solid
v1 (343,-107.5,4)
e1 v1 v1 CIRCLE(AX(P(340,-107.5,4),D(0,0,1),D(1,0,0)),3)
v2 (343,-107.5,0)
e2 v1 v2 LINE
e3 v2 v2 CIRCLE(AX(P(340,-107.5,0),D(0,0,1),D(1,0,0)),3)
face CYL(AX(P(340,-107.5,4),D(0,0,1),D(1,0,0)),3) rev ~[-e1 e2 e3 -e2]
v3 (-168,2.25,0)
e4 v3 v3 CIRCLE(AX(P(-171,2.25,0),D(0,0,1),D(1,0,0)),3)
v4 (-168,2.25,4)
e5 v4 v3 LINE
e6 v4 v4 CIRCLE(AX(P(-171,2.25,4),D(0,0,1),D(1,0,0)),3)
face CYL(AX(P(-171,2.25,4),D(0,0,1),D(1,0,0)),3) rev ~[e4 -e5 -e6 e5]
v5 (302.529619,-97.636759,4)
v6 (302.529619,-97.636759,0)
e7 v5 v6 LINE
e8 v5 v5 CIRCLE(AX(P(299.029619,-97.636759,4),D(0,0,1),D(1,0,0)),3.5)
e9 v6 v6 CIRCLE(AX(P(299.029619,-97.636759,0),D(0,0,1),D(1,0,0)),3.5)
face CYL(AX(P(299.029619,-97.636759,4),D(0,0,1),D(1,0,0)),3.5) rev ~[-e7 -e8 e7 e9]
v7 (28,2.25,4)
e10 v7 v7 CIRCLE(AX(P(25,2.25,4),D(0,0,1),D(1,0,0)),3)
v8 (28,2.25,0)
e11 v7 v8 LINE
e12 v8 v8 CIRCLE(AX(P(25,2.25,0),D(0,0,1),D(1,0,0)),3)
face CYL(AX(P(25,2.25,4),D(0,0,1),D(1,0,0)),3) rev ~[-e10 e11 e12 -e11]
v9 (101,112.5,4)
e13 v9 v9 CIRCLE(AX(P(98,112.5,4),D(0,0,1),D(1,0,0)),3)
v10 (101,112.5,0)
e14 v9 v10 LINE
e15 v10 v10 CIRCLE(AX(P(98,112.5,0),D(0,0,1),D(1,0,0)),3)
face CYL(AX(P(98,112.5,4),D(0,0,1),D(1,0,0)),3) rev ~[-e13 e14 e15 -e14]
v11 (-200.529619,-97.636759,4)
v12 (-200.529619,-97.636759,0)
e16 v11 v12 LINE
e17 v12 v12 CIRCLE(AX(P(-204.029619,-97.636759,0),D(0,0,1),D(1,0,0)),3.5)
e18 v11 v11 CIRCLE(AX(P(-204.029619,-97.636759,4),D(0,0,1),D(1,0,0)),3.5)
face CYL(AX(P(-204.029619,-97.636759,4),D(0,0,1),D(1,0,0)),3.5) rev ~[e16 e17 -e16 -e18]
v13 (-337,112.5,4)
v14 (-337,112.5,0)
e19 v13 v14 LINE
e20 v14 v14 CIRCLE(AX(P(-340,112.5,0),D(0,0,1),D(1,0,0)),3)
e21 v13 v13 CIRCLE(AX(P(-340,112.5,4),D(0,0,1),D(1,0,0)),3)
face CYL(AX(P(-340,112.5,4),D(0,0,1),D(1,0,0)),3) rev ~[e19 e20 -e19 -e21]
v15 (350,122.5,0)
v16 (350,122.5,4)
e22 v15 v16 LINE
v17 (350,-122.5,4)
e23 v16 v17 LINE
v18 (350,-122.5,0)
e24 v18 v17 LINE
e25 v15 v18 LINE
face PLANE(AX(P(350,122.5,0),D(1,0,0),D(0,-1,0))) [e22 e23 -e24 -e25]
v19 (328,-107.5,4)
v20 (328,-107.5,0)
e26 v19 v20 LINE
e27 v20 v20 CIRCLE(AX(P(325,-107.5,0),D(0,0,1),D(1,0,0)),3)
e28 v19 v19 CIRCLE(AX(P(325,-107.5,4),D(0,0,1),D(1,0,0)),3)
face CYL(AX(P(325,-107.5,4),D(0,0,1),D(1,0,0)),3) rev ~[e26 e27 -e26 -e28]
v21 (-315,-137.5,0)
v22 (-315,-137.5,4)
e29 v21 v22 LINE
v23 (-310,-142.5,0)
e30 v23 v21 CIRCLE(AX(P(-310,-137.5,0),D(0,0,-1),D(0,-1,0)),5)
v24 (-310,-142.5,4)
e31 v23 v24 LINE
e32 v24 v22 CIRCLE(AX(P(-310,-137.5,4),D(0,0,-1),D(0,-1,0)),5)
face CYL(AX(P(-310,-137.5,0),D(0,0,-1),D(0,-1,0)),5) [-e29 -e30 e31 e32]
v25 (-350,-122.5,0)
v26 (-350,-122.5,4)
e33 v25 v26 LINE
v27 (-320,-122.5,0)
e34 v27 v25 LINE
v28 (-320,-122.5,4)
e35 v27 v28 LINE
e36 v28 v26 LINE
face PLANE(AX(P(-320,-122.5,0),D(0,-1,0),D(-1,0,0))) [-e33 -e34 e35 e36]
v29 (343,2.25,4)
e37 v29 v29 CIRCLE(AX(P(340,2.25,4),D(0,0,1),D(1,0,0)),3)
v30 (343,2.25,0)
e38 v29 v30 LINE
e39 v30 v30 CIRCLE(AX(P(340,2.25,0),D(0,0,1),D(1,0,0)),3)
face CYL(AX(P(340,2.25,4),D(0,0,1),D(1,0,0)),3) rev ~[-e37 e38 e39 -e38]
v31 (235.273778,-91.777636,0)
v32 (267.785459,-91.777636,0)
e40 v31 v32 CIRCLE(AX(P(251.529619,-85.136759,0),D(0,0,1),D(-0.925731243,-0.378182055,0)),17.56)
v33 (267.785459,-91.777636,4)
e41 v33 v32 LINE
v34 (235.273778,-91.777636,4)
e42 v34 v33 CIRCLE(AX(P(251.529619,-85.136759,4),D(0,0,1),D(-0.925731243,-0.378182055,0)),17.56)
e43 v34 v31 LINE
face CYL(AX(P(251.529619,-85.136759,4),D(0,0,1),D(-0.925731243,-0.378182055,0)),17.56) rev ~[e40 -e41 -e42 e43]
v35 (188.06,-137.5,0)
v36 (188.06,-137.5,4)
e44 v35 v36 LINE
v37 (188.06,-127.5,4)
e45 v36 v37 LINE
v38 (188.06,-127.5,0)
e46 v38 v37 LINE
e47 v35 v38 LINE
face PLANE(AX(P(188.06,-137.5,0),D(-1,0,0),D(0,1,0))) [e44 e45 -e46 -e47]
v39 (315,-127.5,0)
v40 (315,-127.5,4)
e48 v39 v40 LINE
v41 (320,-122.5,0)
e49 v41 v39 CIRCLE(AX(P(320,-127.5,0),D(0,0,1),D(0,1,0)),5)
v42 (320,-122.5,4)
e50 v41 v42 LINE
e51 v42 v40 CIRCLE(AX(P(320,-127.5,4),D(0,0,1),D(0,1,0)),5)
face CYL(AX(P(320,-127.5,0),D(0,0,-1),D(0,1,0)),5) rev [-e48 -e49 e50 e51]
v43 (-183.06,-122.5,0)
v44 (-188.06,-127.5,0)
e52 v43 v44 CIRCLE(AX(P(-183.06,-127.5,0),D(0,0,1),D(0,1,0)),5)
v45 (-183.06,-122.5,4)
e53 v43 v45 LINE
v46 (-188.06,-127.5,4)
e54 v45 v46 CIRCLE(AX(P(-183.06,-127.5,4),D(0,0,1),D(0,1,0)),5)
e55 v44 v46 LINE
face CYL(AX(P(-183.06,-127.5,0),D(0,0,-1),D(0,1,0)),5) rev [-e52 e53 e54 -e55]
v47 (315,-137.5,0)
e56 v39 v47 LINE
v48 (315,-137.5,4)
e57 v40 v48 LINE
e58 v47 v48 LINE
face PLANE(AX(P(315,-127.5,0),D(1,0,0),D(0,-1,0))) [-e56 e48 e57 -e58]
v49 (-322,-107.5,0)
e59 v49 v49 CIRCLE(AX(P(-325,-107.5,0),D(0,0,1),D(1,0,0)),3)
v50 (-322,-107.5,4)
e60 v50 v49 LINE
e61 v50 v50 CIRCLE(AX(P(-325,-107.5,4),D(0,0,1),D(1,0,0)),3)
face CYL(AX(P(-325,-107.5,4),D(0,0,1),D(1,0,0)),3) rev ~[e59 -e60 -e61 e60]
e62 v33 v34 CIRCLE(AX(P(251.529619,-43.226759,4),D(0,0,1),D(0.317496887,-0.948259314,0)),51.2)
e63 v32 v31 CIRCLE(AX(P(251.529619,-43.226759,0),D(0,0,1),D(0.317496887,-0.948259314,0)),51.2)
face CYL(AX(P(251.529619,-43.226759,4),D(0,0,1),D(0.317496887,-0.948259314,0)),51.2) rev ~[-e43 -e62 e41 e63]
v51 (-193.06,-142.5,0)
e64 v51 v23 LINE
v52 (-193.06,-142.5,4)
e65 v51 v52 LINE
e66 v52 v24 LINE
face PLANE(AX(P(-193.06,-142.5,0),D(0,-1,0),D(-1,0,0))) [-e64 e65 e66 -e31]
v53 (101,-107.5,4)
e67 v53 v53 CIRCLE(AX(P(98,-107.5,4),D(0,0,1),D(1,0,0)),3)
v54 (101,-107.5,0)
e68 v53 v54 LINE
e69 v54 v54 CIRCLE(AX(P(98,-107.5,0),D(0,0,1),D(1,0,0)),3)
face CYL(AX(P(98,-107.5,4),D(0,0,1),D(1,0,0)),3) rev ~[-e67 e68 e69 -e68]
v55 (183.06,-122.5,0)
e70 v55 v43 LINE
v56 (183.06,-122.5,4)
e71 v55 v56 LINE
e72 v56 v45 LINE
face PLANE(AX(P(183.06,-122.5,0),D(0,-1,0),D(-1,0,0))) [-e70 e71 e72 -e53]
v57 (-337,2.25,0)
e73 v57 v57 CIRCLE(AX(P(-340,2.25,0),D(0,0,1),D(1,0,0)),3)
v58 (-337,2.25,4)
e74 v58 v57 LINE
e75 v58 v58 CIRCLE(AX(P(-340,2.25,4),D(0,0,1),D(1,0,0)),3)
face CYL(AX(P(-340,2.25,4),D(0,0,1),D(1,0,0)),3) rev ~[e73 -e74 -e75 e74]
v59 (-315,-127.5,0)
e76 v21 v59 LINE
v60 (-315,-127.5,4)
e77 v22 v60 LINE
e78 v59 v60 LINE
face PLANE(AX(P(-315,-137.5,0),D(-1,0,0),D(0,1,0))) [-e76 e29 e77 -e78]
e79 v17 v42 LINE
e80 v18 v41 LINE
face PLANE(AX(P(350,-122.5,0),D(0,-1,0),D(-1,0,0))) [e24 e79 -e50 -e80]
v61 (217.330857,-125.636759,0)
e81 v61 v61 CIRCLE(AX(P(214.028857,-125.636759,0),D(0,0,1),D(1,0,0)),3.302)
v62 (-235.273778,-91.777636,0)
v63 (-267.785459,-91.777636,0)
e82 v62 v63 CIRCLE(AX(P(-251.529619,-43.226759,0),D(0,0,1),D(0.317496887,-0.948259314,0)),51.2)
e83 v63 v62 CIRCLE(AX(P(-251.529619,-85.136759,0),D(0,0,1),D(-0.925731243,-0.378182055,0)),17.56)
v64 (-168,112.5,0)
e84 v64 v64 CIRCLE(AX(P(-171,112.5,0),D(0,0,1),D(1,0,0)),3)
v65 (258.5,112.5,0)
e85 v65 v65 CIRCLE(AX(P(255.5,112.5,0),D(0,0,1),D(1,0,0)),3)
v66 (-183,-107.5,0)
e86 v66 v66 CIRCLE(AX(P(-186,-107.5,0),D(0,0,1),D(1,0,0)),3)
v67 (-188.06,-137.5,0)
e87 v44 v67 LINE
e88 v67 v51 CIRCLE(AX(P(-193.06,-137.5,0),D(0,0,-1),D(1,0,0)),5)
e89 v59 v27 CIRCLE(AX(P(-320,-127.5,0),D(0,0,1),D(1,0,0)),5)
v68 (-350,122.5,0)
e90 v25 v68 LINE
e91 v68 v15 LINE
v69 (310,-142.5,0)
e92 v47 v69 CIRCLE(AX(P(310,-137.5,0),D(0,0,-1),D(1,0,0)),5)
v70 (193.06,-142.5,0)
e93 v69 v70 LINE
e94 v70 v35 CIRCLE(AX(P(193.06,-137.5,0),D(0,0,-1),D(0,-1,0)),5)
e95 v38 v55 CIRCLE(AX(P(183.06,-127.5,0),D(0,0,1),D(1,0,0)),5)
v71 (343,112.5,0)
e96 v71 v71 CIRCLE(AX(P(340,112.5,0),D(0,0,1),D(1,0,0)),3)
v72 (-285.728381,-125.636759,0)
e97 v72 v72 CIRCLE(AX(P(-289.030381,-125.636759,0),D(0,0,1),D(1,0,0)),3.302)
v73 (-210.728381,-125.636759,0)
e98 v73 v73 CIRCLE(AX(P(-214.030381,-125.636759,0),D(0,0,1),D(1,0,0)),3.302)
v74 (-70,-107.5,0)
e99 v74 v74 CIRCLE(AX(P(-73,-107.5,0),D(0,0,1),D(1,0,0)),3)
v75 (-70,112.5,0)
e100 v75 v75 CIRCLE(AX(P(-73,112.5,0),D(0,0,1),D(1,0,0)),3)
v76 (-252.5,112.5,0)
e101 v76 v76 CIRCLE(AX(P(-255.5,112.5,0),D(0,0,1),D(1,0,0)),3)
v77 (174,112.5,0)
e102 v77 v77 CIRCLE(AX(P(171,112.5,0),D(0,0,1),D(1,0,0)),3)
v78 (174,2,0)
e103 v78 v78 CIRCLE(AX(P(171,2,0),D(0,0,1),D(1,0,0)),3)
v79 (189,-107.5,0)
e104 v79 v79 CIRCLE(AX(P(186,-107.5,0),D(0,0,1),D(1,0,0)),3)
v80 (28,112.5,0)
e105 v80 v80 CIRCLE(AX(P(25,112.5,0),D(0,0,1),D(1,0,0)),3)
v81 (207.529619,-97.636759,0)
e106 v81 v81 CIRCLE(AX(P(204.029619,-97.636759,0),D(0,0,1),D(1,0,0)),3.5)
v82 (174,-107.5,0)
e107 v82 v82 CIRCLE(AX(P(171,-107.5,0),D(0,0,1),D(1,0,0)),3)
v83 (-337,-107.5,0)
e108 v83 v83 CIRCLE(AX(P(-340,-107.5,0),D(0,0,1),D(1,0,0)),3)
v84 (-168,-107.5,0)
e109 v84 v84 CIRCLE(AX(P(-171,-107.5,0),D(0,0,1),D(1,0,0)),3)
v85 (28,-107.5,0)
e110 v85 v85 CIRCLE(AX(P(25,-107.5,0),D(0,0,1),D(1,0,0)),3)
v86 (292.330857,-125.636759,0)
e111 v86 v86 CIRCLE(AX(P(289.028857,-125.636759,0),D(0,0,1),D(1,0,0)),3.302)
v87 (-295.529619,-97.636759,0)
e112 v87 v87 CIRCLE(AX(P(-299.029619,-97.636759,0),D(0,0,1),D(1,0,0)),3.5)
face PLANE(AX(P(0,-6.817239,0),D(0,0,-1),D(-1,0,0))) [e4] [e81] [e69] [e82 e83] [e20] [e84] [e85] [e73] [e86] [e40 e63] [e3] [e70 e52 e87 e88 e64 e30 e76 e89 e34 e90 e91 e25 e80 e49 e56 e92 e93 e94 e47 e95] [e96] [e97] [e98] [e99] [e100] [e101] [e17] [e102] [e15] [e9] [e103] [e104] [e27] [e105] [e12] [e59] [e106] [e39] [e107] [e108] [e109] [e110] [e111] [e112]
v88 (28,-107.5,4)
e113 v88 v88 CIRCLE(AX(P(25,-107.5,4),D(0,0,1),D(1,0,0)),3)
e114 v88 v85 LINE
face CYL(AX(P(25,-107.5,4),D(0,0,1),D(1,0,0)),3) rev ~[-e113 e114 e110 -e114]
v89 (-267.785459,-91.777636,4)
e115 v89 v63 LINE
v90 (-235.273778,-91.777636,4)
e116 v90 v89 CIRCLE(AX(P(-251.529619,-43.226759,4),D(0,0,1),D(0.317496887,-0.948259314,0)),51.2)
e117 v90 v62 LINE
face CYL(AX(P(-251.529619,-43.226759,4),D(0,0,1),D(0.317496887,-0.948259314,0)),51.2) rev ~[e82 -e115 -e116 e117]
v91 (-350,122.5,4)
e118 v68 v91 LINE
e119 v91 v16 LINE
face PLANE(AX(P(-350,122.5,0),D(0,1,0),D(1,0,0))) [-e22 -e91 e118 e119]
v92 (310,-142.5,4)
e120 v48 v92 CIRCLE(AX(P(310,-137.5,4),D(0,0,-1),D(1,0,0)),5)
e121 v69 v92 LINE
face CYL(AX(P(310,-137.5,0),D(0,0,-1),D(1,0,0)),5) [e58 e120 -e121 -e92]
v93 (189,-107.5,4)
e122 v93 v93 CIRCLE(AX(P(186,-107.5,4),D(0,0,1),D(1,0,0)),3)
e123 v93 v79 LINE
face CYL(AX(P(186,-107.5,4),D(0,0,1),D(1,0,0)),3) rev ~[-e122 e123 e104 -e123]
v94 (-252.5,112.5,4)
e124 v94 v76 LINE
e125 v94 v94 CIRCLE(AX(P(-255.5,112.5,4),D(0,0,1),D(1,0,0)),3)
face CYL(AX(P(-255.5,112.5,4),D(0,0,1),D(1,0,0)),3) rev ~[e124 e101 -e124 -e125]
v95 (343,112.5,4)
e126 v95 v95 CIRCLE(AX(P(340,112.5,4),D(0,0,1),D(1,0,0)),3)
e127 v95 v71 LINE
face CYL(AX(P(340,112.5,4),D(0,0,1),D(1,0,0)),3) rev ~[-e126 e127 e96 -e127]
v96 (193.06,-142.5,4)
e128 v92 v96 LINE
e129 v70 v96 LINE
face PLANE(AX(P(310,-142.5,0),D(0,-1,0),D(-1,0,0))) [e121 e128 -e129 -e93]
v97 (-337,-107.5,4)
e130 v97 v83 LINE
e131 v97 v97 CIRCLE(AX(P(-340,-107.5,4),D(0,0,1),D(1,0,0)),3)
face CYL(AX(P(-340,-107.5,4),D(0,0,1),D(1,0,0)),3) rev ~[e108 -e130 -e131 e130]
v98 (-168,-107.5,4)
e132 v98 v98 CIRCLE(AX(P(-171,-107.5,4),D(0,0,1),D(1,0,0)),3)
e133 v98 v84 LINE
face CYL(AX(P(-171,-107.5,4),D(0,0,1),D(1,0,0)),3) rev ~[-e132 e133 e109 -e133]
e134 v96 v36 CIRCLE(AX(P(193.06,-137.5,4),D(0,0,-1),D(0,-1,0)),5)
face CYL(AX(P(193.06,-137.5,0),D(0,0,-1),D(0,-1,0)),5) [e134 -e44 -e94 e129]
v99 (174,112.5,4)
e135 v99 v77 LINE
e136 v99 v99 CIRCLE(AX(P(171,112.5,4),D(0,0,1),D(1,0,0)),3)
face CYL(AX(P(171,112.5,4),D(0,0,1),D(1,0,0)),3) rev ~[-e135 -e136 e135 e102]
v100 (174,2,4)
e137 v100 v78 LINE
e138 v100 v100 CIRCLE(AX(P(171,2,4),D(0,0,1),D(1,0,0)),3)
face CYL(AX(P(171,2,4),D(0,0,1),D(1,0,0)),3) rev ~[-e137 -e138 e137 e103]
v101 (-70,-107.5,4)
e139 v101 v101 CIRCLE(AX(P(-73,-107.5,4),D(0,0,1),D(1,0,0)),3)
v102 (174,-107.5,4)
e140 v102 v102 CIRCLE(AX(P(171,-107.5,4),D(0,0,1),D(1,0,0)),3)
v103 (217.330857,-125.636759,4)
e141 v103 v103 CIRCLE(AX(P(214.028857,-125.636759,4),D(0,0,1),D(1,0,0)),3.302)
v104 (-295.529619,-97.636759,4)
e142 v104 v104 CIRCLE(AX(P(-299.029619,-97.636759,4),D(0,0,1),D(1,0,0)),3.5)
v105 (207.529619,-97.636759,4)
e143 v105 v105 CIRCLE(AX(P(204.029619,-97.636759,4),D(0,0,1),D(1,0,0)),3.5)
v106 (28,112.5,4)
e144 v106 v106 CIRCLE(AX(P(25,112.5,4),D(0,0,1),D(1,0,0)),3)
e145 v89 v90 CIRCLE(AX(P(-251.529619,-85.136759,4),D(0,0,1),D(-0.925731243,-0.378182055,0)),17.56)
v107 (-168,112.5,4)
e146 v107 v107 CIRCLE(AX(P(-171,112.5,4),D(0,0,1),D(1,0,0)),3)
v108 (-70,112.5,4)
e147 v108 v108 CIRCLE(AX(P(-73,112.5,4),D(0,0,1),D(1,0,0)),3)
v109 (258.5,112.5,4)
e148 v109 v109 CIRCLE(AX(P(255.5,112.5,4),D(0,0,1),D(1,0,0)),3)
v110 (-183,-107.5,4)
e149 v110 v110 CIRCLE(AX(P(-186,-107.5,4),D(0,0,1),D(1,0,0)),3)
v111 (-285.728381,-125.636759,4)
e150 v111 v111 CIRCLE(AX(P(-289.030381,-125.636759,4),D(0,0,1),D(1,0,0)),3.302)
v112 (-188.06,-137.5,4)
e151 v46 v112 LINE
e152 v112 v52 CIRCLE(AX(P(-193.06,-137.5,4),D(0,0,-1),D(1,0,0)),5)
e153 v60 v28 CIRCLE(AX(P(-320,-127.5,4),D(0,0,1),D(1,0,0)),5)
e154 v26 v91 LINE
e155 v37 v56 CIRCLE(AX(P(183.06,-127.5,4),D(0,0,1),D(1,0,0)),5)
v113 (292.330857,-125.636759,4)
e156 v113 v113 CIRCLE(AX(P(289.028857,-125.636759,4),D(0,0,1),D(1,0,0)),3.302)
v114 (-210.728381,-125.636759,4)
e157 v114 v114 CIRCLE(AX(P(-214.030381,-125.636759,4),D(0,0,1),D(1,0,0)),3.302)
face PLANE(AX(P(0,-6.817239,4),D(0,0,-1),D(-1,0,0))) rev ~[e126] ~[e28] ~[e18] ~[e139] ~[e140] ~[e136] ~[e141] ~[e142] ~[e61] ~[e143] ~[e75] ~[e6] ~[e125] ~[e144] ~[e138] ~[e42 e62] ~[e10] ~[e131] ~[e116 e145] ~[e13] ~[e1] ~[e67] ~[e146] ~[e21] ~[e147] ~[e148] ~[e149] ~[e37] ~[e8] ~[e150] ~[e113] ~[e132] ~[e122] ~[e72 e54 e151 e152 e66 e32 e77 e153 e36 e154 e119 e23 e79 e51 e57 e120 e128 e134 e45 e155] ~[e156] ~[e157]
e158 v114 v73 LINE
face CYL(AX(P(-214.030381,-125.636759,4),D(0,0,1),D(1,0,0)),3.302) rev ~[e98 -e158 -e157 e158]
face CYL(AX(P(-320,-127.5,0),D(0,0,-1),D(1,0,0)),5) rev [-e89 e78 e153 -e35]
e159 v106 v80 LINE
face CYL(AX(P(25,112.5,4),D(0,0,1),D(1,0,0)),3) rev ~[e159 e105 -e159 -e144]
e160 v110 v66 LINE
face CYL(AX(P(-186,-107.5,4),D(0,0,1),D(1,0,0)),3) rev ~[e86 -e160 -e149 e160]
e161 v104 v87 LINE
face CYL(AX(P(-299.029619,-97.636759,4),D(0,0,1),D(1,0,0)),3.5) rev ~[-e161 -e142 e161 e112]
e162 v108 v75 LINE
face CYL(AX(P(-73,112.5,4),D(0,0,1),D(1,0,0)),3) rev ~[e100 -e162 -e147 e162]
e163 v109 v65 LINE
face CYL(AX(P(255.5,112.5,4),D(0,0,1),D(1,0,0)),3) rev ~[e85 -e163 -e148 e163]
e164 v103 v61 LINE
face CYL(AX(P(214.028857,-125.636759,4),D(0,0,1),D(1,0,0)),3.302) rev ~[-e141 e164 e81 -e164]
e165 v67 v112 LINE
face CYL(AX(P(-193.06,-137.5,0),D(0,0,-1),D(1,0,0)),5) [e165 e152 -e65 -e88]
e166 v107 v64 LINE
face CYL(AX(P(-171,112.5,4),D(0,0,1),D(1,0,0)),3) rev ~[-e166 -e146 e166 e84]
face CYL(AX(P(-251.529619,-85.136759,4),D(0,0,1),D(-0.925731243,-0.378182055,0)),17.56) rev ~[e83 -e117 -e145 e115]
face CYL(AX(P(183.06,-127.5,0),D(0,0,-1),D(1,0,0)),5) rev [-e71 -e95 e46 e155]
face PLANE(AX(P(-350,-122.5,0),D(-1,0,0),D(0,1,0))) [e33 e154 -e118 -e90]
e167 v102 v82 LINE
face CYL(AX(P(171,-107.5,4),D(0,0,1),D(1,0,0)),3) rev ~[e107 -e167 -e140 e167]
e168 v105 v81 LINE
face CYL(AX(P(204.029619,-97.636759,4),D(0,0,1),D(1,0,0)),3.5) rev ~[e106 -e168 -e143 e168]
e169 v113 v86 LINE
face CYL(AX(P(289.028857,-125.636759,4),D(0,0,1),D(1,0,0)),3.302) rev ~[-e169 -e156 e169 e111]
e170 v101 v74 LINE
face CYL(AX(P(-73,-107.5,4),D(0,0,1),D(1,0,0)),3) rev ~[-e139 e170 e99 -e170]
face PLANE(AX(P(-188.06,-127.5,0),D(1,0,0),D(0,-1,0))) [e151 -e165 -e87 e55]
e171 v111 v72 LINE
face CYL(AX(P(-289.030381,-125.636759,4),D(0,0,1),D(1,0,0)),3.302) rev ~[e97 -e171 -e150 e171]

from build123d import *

# Parameters (mm, degrees)
BOSS_EXTRUDE1_DEPTH = 4
SKETCH2_R           = 3.5
SKETCH2_R_2         = 3.302
CUT_EXTRUDE1_DEPTH  = 378.918311279
SKETCH5_R           = 3
CUT_EXTRUDE2_DEPTH  = 378.918311279


with BuildPart() as part:
    # Sketch1 → Boss-Extrude1 (new body)
    with BuildSketch(Plane.XY):
        with BuildLine():
            Line((-350, 122.5), (350, 122.5))
            Line((350, 122.5), (350, -122.5))
            Line((350, -122.5), (320, -122.5))
            ThreePointArc((320, -122.5), (316.464466094, -123.964466094), (315, -127.5))
            Line((315, -127.5), (315, -137.5))
            ThreePointArc((315, -137.5), (313.535533906, -141.035533906), (310, -142.5))
            Line((310, -142.5), (193.06, -142.5))
            ThreePointArc((193.06, -142.5), (189.524466094, -141.035533906), (188.06, -137.5))
            Line((188.06, -137.5), (188.06, -127.5))
            ThreePointArc((188.06, -127.5), (186.595533906, -123.964466094), (183.06, -122.5))
            Line((183.06, -122.5), (-183.06, -122.5))
            ThreePointArc((-183.06, -122.5), (-186.595533906, -123.964466094), (-188.06, -127.5))
            Line((-188.06, -127.5), (-188.06, -137.5))
            ThreePointArc((-188.06, -137.5), (-189.524466094, -141.035533906), (-193.06, -142.5))
            Line((-193.06, -142.5), (-310, -142.5))
            ThreePointArc((-310, -142.5), (-313.535533906, -141.035533906), (-315, -137.5))
            Line((-315, -137.5), (-315, -127.5))
            ThreePointArc((-315, -127.5), (-316.464466094, -123.964466094), (-320, -122.5))
            Line((-320, -122.5), (-350, -122.5))
            Line((-350, -122.5), (-350, 122.5))
        make_face()
    extrude(amount=BOSS_EXTRUDE1_DEPTH)

    # Sketch2 → Cut-Extrude1 (cut, through all)
    with BuildSketch(Plane.XY.offset(4)):
        with Locations((-299.029618848, -97.636758765)):
            Circle(SKETCH2_R)
        with Locations((-204.029618848, -97.636758765)):
            Circle(SKETCH2_R)
        with Locations((-289.030381152, -125.636758765)):
            Circle(SKETCH2_R_2)
        with Locations((-214.030381152, -125.636758765)):
            Circle(SKETCH2_R_2)
        with Locations((204.02961885, -97.636758765)):
            Circle(SKETCH2_R)
        with Locations((299.02961885, -97.636758765)):
            Circle(SKETCH2_R)
        with Locations((214.028856546, -125.636758765)):
            Circle(SKETCH2_R_2)
        with Locations((289.028856546, -125.636758765)):
            Circle(SKETCH2_R_2)
        with BuildLine():
            ThreePointArc((-235.273778228, -91.777635644), (-251.529618848, 7.973241235), (-267.785459469, -91.777635644))
            ThreePointArc((-267.785459469, -91.777635644), (-251.529618848, -102.696758765), (-235.273778228, -91.777635644))
        make_face()
        with BuildLine():
            ThreePointArc((267.78545947, -91.777635644), (251.52961885, 7.973241235), (235.27377823, -91.777635644))
            ThreePointArc((235.27377823, -91.777635644), (251.52961885, -102.696758765), (267.78545947, -91.777635644))
        make_face()
    extrude(amount=-CUT_EXTRUDE1_DEPTH, mode=Mode.SUBTRACT)

    # Sketch5 → Cut-Extrude2 (cut, through all)
    with BuildSketch(Plane.XY.offset(4)):
        with Locations((-340, -107.5)):
            Circle(SKETCH5_R)
        with Locations((-340, 112.5)):
            Circle(SKETCH5_R)
        with Locations((-171, 112.5)):
            Circle(SKETCH5_R)
        with Locations((-171, -107.5)):
            Circle(SKETCH5_R)
        with Locations((171, -107.5)):
            Circle(SKETCH5_R)
        with Locations((340, 112.5)):
            Circle(SKETCH5_R)
        with Locations((340, -107.5)):
            Circle(SKETCH5_R)
        with Locations((171, 112.5)):
            Circle(SKETCH5_R)
        with Locations((25, 112.5)):
            Circle(SKETCH5_R)
        with Locations((25, -107.5)):
            Circle(SKETCH5_R)
        with Locations((-255.5, 112.5)):
            Circle(SKETCH5_R)
        with Locations((98, 112.5)):
            Circle(SKETCH5_R)
        with Locations((255.5, 112.5)):
            Circle(SKETCH5_R)
        with Locations((340, 2.25)):
            Circle(SKETCH5_R)
        with Locations((171, 2)):
            Circle(SKETCH5_R)
        with Locations((25, 2.25)):
            Circle(SKETCH5_R)
        with Locations((-171, 2.25)):
            Circle(SKETCH5_R)
        with Locations((-340, 2.25)):
            Circle(SKETCH5_R)
        with Locations((-73, 112.5)):
            Circle(SKETCH5_R)
        with Locations((-73, -107.5)):
            Circle(SKETCH5_R)
        with Locations((-325, -107.5)):
            Circle(SKETCH5_R)
        with Locations((186, -107.5)):
            Circle(SKETCH5_R)
        with Locations((325, -107.5)):
            Circle(SKETCH5_R)
        with Locations((-186, -107.5)):
            Circle(SKETCH5_R)
        with Locations((98, -107.5)):
            Circle(SKETCH5_R)
    extrude(amount=-CUT_EXTRUDE2_DEPTH, mode=Mode.SUBTRACT)


solid = part.part
